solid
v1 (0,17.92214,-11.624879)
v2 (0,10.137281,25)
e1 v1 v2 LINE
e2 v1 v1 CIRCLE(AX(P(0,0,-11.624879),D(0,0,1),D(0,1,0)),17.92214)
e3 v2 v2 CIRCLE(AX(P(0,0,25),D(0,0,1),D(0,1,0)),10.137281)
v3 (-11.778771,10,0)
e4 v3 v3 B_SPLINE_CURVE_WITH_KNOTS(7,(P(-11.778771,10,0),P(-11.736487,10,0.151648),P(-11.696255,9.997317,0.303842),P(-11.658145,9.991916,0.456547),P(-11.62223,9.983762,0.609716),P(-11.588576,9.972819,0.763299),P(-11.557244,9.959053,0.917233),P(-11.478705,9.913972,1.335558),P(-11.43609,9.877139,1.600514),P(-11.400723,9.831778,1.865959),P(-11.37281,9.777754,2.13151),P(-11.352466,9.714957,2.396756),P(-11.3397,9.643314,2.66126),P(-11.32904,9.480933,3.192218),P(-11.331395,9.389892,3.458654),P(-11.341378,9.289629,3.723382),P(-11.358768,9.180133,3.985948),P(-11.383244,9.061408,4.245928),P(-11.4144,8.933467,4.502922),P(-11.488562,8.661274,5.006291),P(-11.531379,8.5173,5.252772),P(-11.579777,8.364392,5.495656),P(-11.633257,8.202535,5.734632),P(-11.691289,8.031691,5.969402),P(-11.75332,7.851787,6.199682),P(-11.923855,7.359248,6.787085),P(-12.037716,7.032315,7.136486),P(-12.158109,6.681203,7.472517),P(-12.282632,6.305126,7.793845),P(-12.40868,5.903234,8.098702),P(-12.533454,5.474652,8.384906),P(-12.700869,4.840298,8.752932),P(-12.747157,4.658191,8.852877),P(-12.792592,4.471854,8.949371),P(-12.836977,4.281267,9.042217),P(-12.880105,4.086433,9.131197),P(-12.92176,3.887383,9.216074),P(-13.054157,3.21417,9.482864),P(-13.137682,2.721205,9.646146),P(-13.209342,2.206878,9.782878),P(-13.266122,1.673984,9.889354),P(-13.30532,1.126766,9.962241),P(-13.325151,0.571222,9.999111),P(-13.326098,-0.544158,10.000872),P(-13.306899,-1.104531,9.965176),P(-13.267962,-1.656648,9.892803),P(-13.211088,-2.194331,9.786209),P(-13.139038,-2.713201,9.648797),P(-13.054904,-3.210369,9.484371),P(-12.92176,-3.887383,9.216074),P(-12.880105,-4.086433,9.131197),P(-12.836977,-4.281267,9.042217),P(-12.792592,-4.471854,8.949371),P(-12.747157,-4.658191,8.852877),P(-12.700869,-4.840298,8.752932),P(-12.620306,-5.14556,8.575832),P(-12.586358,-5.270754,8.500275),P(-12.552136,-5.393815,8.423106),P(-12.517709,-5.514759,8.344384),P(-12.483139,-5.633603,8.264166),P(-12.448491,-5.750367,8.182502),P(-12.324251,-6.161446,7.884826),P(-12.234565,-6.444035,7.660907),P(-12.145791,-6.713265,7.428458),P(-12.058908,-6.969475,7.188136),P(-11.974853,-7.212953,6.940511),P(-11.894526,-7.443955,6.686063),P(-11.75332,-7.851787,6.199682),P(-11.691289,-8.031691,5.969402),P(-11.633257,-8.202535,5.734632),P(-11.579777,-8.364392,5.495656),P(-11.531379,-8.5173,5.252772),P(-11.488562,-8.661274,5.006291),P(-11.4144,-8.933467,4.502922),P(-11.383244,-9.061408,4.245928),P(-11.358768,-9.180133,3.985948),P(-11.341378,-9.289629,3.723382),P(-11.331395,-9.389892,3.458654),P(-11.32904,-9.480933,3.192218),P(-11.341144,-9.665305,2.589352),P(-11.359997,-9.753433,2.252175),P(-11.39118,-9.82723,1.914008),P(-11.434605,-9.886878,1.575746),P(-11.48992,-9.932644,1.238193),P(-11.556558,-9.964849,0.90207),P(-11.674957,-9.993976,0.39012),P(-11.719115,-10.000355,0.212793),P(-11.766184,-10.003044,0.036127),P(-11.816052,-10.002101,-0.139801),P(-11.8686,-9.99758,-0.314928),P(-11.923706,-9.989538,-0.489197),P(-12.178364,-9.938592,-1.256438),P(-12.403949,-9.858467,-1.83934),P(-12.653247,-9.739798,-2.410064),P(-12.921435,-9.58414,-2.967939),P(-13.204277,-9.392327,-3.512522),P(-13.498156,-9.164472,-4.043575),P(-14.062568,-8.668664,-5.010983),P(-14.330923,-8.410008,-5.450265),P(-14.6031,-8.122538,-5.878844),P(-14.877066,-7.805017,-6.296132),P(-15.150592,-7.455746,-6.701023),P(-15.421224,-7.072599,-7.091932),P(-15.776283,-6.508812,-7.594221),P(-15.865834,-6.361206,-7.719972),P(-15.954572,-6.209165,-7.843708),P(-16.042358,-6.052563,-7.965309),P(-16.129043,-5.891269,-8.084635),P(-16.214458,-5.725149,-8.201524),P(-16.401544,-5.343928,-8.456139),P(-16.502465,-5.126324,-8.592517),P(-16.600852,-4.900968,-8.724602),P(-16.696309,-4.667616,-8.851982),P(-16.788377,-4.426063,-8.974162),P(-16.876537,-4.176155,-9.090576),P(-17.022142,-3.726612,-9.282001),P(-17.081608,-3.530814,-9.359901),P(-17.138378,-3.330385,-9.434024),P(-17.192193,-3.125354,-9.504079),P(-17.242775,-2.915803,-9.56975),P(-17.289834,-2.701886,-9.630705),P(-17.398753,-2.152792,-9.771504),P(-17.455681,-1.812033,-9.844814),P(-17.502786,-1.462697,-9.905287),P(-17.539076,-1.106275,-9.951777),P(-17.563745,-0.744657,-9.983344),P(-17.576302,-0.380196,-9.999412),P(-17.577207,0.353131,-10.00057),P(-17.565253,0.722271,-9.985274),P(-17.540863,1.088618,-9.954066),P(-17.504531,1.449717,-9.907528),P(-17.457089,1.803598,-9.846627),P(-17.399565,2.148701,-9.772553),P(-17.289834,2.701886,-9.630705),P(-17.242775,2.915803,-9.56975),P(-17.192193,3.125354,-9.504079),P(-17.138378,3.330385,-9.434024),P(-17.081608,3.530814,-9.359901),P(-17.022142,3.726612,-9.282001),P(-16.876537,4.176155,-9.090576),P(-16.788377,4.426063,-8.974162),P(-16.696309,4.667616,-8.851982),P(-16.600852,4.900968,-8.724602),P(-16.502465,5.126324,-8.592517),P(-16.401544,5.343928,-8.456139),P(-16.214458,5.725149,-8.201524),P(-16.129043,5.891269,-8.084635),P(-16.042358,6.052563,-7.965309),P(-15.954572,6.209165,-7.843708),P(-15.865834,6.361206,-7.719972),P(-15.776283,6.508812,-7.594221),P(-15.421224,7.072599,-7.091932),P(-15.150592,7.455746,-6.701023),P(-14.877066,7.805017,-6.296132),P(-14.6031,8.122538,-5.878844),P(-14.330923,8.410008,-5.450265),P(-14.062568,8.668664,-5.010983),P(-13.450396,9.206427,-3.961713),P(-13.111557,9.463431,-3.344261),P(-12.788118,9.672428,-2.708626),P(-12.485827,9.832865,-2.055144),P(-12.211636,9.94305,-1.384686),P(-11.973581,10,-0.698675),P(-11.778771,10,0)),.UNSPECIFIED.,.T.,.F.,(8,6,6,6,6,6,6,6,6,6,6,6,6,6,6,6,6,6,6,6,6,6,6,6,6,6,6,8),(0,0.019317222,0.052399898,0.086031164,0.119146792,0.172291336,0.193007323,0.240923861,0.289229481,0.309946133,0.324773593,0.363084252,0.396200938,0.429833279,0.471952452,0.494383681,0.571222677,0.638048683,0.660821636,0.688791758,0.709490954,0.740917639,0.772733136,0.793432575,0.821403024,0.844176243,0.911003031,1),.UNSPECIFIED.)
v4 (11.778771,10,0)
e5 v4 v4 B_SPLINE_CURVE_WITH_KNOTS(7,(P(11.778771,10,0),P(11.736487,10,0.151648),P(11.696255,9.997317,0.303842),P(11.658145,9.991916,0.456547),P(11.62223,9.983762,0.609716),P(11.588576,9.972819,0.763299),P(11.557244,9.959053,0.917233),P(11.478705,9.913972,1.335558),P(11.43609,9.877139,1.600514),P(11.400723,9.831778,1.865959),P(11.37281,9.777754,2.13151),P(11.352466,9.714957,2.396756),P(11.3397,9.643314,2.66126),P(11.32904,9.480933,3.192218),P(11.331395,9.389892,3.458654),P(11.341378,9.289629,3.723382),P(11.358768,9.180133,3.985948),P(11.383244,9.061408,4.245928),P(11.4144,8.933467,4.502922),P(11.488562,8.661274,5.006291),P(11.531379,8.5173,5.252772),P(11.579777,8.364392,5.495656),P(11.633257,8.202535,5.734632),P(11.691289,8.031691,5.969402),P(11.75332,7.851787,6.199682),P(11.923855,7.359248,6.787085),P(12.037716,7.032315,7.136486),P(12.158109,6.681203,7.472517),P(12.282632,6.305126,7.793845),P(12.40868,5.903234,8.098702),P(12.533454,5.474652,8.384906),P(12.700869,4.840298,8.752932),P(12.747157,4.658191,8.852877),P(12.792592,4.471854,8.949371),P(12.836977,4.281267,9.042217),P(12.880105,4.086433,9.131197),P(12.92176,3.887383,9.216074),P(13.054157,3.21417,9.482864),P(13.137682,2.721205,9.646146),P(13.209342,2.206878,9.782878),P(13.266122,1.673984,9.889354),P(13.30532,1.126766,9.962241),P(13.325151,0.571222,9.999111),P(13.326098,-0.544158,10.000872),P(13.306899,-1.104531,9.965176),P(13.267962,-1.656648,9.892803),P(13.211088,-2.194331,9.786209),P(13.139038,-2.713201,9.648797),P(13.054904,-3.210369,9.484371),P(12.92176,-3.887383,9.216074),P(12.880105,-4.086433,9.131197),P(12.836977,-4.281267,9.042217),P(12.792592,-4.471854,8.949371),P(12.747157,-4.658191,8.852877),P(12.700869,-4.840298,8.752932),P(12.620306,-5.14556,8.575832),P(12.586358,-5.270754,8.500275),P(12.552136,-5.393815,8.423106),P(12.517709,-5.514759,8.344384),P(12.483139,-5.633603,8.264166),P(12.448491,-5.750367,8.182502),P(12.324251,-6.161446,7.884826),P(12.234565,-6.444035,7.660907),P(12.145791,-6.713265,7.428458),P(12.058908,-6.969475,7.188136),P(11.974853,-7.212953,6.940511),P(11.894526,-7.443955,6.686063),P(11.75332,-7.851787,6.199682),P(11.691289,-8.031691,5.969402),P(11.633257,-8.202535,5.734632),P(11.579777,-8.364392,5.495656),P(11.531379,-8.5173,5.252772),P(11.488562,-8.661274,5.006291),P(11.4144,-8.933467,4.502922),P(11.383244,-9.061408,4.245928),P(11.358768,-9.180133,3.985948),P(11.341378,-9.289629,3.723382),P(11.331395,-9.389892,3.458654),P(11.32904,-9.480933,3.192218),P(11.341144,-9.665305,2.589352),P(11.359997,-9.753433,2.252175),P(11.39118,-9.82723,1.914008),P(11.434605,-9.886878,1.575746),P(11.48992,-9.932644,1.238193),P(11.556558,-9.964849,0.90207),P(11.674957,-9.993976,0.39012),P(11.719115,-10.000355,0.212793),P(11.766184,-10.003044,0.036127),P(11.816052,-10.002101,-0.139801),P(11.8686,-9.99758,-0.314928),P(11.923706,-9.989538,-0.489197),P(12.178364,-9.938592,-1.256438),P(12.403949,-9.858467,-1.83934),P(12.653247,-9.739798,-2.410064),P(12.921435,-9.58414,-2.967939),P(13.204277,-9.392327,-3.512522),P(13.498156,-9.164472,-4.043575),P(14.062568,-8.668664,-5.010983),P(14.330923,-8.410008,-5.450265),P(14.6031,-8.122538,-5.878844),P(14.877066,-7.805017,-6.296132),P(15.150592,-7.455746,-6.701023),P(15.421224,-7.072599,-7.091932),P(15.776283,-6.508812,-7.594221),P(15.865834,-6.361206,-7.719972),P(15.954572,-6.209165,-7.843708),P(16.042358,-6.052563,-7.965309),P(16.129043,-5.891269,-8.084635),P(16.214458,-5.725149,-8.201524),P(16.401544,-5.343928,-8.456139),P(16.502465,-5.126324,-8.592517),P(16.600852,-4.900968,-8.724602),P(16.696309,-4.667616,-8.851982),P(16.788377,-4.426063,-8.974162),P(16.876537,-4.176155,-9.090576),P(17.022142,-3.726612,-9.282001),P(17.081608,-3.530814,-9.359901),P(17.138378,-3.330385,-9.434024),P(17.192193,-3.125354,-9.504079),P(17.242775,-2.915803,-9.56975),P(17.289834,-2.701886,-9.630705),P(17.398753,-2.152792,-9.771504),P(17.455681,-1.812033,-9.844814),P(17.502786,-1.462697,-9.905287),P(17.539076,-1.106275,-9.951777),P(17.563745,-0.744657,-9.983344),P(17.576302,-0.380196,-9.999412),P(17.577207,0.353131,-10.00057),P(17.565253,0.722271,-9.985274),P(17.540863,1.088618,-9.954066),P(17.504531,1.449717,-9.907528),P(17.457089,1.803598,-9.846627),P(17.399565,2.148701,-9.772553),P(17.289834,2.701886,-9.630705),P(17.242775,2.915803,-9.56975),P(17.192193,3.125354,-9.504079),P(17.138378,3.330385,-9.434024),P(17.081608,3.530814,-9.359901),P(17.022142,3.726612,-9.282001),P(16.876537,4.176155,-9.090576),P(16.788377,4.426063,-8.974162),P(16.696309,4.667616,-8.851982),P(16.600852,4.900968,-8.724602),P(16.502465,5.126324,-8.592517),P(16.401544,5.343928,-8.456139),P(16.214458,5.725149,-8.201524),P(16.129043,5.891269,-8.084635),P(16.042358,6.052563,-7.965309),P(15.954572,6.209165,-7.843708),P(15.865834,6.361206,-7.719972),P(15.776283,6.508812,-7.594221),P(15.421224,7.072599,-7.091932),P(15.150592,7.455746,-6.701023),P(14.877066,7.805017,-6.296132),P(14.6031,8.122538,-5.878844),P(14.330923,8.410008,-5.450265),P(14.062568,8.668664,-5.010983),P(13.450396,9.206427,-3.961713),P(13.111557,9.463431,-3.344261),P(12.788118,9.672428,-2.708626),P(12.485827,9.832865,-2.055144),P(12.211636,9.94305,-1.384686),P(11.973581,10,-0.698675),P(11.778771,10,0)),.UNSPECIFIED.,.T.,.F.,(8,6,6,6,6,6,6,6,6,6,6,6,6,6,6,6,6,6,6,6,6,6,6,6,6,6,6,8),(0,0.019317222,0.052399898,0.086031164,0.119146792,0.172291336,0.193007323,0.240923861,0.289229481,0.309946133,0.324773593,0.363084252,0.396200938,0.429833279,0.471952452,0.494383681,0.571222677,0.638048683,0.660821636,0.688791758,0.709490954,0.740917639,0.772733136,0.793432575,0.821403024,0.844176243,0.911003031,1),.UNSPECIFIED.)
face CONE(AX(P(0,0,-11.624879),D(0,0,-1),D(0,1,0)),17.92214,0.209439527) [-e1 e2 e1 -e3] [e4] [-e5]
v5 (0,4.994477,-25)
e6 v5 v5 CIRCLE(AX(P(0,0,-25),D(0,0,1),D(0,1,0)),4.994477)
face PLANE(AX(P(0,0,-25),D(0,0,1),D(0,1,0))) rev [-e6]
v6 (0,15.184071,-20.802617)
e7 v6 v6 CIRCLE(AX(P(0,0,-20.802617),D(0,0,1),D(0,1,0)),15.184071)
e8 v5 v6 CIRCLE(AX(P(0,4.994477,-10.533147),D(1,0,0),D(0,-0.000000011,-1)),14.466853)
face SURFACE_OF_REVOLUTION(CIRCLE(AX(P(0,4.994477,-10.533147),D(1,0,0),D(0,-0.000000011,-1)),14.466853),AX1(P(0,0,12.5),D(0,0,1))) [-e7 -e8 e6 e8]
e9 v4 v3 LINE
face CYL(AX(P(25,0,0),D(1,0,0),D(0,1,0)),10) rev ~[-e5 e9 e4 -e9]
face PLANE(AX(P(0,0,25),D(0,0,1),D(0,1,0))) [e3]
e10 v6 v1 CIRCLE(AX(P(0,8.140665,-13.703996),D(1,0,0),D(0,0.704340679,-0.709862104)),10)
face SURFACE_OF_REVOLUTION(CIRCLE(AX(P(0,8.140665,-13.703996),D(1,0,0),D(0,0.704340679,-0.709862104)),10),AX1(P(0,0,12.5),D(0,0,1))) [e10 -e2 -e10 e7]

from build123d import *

# Parameters (mm, degrees)
F3_R     = 10
F4_DEPTH = 43.141664


with BuildPart() as f1:
    # F0 (on Right) → F1 (revolve)
    with BuildSketch(Plane.YZ):
        with BuildLine():
            Line((0, 25), (0, 0))
            Line((0, 0), (0, -25))
            Line((0, -25), (4.994477, -25))
            ThreePointArc((4.994477, -25), (10.504601, -23.909558), (15.184071, -20.802617))
            ThreePointArc((15.184071, -20.802617), (17.723299, -16.562861), (17.92214, -11.624879))
            Line((17.92214, -11.624879), (10.137281, 25))
            Line((10.137281, 25), (0, 25))
        make_face()
    revolve(axis=Axis((0, 0, 12.5), (0, 0, 1)))

    # F3 (on offset) → F4 (cut, through all)
    with BuildSketch(Plane.YZ.offset(25)):
        Circle(F3_R)
    extrude(amount=-F4_DEPTH, mode=Mode.SUBTRACT)


solid = f1.part
